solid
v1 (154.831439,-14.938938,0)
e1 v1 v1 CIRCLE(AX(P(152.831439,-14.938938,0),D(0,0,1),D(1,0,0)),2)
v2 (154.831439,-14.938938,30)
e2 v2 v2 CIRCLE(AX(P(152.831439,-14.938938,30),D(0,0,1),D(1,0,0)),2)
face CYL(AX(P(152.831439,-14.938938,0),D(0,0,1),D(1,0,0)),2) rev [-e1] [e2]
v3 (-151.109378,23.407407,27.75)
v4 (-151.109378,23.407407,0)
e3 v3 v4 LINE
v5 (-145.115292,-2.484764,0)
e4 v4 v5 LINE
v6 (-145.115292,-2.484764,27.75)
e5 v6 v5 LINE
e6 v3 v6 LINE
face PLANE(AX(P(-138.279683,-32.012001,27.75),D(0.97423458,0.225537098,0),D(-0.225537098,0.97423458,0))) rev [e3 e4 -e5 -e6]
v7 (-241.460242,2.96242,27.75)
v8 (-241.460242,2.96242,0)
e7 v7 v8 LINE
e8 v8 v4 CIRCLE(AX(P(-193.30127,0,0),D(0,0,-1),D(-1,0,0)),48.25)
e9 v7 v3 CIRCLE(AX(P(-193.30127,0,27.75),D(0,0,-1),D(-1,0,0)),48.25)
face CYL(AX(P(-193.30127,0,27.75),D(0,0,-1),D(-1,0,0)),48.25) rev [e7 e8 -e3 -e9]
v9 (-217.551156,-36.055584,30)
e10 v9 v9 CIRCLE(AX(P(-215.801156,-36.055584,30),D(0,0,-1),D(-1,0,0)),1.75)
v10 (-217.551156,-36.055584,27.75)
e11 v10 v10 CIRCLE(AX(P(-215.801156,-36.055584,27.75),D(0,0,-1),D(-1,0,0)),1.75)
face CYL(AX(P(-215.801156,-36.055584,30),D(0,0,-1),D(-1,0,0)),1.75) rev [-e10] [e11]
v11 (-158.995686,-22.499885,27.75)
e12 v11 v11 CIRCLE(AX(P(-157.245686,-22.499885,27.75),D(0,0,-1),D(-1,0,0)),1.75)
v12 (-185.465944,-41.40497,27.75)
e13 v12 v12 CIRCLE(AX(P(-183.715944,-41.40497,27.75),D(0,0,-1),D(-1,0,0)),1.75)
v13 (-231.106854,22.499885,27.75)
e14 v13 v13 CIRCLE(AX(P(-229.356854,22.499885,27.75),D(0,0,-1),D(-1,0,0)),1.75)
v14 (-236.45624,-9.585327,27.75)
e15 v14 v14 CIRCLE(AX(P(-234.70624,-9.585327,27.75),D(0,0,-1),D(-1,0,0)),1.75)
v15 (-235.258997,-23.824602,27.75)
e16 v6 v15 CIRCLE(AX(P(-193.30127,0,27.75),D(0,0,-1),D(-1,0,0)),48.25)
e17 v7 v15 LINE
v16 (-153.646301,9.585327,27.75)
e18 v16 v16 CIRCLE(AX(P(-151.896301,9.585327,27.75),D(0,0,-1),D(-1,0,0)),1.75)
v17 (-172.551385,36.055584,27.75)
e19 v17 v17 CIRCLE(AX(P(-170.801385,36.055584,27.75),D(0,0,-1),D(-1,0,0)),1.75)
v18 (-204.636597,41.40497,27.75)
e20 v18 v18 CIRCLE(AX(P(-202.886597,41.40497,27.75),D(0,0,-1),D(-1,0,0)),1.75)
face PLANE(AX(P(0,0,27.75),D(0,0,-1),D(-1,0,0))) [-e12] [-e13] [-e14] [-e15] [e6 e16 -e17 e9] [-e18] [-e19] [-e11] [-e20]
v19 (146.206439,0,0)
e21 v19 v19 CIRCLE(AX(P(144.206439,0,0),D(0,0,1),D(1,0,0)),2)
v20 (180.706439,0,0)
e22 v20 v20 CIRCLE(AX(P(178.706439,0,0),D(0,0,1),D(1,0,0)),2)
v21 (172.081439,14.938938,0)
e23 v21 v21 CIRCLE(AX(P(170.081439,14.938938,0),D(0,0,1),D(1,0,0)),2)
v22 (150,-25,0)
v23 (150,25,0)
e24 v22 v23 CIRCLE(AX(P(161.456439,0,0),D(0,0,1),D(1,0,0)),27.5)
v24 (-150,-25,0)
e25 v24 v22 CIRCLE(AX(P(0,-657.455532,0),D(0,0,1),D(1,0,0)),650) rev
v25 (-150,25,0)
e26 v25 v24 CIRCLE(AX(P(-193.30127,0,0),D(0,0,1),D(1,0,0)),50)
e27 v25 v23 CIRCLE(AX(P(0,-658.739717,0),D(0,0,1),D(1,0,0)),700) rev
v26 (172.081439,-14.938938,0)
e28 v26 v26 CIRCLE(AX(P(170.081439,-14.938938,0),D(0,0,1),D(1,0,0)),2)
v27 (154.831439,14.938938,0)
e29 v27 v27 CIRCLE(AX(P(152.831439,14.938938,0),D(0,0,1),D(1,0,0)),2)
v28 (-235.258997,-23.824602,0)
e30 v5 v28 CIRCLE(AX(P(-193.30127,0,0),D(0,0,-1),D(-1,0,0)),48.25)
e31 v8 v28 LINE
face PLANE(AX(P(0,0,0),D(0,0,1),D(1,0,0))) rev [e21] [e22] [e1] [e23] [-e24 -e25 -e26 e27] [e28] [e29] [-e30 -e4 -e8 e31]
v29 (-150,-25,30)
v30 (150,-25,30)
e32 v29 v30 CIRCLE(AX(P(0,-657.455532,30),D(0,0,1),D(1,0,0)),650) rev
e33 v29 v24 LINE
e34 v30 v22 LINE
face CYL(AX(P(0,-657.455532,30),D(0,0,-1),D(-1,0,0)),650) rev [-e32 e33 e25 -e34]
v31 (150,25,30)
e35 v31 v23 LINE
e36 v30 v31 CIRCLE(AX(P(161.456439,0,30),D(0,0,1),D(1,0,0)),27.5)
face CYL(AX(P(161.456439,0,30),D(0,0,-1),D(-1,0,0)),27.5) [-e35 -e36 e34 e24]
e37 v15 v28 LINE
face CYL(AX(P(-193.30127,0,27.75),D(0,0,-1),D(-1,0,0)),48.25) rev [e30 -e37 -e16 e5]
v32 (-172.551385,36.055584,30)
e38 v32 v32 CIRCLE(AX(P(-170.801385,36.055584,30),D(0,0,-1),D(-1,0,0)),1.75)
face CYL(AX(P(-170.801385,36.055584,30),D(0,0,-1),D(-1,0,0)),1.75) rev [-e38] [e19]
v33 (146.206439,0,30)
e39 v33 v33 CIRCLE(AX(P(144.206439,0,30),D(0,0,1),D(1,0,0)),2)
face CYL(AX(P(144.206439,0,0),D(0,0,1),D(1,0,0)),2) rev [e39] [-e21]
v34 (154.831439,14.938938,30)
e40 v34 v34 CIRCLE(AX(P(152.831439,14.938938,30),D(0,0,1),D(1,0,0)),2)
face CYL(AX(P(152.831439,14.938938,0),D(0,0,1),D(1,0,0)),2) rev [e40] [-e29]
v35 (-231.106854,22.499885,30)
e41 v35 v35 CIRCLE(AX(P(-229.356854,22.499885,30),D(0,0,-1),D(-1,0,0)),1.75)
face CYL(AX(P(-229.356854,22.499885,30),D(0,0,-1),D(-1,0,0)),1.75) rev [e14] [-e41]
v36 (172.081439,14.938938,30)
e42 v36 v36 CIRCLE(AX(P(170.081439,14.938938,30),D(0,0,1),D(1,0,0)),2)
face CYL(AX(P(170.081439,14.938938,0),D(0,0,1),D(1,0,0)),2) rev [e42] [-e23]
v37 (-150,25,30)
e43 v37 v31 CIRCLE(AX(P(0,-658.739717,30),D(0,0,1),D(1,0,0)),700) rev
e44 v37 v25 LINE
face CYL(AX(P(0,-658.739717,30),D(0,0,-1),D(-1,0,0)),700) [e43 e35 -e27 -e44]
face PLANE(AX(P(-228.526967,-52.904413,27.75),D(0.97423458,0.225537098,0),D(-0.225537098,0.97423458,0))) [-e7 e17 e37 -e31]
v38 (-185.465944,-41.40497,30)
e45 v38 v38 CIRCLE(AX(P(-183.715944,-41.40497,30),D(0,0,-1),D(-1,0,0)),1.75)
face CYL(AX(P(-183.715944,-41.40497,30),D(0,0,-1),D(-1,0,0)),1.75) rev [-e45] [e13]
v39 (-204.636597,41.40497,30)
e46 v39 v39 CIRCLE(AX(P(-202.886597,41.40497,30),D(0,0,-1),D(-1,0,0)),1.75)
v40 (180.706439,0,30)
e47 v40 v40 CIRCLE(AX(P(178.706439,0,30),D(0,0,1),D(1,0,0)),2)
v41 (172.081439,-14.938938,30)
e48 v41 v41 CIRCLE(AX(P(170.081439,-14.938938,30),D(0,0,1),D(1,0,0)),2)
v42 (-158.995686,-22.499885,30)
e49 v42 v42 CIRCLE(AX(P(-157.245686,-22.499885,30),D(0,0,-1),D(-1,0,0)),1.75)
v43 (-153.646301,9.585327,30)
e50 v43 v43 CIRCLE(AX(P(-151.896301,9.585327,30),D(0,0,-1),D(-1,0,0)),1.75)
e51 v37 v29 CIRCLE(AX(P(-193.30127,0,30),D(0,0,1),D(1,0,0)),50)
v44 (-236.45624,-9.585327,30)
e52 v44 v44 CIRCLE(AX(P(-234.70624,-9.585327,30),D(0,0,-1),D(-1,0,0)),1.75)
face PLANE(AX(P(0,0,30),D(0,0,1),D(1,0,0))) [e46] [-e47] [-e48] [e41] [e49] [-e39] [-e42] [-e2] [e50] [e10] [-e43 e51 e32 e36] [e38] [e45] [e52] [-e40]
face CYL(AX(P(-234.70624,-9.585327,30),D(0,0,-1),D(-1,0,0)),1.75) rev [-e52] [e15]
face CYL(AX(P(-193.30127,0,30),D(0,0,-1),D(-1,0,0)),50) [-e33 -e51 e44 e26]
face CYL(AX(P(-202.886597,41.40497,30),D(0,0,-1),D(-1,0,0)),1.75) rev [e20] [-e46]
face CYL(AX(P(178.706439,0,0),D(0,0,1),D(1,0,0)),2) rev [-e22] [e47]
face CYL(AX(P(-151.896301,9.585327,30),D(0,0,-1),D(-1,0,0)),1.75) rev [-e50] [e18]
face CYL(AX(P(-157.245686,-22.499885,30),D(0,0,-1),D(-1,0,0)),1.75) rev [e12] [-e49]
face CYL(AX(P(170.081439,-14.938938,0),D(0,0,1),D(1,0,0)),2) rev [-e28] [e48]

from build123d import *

# Parameters (mm, degrees)
EXTRUDE_3_DEPTH     = 30
CUT_EXTRUDE_1_DEPTH = 27.75
SKETCH_5_R          = 1.75
CUT_EXTRUDE_2_DEPTH = 250.931131666
SKETCH_6_R          = 2
CUT_EXTRUDE_3_DEPTH = 251.190943233


with BuildPart() as part:
    # 草图1 → 凸台-拉伸3 (new body)
    with BuildSketch(Plane.XY):
        with BuildLine():
            ThreePointArc((188.956439237, 0), (176.309013441, 23.14413618), (150, 25))
            Line((150, 25), (150, -25))
            ThreePointArc((150, -25), (176.309013441, -23.14413618), (188.956439237, 0))
        make_face()
        with BuildLine():
            Line((150, -25), (150, 25))
            ThreePointArc((150, 25), (133.956439237, 0), (150, -25))
        make_face()
        with BuildLine():
            ThreePointArc((188.956439237, 0), (176.309013441, 23.14413618), (150, 25))
            Line((150, 25), (150, -25))
            ThreePointArc((150, -25), (176.309013441, -23.14413618), (188.956439237, 0))
        make_face()
        with BuildLine():
            Line((150, -25), (150, 25))
            ThreePointArc((150, 25), (133.956439237, 0), (150, -25))
        make_face()
        with BuildLine():
            Line((150, 25), (-150, 25))
            ThreePointArc((-150, 25), (-145.004978875, 12.940952255), (-143.301270189, 0))
            ThreePointArc((-143.301270189, 0), (-145.004978875, -12.940952255), (-150, -25))
            ThreePointArc((-150, -25), (0, -7.455532034), (150, -25))
            ThreePointArc((150, -25), (133.956439237, 0), (150, 25))
        make_face()
        with BuildLine():
            ThreePointArc((-150, 25), (0, 41.260283441), (150, 25))
            Line((150, 25), (-150, 25))
        make_face()
        with BuildLine():
            ThreePointArc((-143.301270189, 0), (-145.004978875, 12.940952255), (-150, 25))
            Line((-150, 25), (-150, -25))
            ThreePointArc((-150, -25), (-145.004978875, -12.940952255), (-143.301270189, 0))
        make_face()
        with BuildLine():
            Line((-150, -25), (-150, 25))
            ThreePointArc((-150, 25), (-243.301270189, 0), (-150, -25))
        make_face()
        with BuildLine():
            ThreePointArc((-143.301270189, 0), (-145.004978875, 12.940952255), (-150, 25))
            Line((-150, 25), (-150, -25))
            ThreePointArc((-150, -25), (-145.004978875, -12.940952255), (-143.301270189, 0))
        make_face()
        with BuildLine():
            Line((-150, -25), (-150, 25))
            ThreePointArc((-150, 25), (-243.301270189, 0), (-150, -25))
        make_face()
    extrude(amount=EXTRUDE_3_DEPTH)

    # 草图3 → 切除-拉伸1 (cut)
    with BuildSketch(Plane(origin=(0, 0, 0), x_dir=(-1, 0, 0), z_dir=(0, 0, -1))):
        with BuildLine():
            ThreePointArc((241.460241998, 2.962420354), (203.950254971, 47.06019149), (151.10937756, 23.40740687))
            Line((151.10937756, 23.40740687), (145.115292459, -2.484763599))
            ThreePointArc((145.115292459, -2.484763599), (182.186192507, -46.952290127), (235.258997062, -23.8246019))
            Line((235.258997062, -23.8246019), (238.35961953, -10.431090773))
            Line((238.35961953, -10.431090773), (241.460241998, 2.962420354))
        make_face()
    extrude(amount=-CUT_EXTRUDE_1_DEPTH, mode=Mode.SUBTRACT)

    # 草图5 → 切除-拉伸2 (cut, through all)
    with BuildSketch(Plane(origin=(0, 0, 27.75), x_dir=(-1, 0, 0), z_dir=(0, 0, -1))):
        with Locations((151.896300525, 9.585326657)):
            Circle(SKETCH_5_R)
        with Locations((170.801384844, 36.055584303)):
            Circle(SKETCH_5_R)
        with Locations((202.886596846, 41.404969664)):
            Circle(SKETCH_5_R)
        with Locations((229.356854492, 22.499885346)):
            Circle(SKETCH_5_R)
        with Locations((234.706239853, -9.585326656)):
            Circle(SKETCH_5_R)
        with Locations((215.801155535, -36.055584303)):
            Circle(SKETCH_5_R)
        with Locations((183.715943533, -41.404969664)):
            Circle(SKETCH_5_R)
        with Locations((157.245685886, -22.499885346)):
            Circle(SKETCH_5_R)
    extrude(amount=-CUT_EXTRUDE_2_DEPTH, mode=Mode.SUBTRACT)

    # 草图6 → 切除-拉伸3 (cut, through all)
    with BuildSketch(Plane.XY.offset(30)):
        with Locations((178.706439237, 0)):
            Circle(SKETCH_6_R)
        with Locations((170.081439237, -14.938938215)):
            Circle(SKETCH_6_R)
        with Locations((152.831439237, -14.938938215)):
            Circle(SKETCH_6_R)
        with Locations((144.206439237, 0)):
            Circle(SKETCH_6_R)
        with Locations((152.831439237, 14.938938215)):
            Circle(SKETCH_6_R)
        with Locations((170.081439237, 14.938938215)):
            Circle(SKETCH_6_R)
    extrude(amount=-CUT_EXTRUDE_3_DEPTH, mode=Mode.SUBTRACT)


solid = part.part
